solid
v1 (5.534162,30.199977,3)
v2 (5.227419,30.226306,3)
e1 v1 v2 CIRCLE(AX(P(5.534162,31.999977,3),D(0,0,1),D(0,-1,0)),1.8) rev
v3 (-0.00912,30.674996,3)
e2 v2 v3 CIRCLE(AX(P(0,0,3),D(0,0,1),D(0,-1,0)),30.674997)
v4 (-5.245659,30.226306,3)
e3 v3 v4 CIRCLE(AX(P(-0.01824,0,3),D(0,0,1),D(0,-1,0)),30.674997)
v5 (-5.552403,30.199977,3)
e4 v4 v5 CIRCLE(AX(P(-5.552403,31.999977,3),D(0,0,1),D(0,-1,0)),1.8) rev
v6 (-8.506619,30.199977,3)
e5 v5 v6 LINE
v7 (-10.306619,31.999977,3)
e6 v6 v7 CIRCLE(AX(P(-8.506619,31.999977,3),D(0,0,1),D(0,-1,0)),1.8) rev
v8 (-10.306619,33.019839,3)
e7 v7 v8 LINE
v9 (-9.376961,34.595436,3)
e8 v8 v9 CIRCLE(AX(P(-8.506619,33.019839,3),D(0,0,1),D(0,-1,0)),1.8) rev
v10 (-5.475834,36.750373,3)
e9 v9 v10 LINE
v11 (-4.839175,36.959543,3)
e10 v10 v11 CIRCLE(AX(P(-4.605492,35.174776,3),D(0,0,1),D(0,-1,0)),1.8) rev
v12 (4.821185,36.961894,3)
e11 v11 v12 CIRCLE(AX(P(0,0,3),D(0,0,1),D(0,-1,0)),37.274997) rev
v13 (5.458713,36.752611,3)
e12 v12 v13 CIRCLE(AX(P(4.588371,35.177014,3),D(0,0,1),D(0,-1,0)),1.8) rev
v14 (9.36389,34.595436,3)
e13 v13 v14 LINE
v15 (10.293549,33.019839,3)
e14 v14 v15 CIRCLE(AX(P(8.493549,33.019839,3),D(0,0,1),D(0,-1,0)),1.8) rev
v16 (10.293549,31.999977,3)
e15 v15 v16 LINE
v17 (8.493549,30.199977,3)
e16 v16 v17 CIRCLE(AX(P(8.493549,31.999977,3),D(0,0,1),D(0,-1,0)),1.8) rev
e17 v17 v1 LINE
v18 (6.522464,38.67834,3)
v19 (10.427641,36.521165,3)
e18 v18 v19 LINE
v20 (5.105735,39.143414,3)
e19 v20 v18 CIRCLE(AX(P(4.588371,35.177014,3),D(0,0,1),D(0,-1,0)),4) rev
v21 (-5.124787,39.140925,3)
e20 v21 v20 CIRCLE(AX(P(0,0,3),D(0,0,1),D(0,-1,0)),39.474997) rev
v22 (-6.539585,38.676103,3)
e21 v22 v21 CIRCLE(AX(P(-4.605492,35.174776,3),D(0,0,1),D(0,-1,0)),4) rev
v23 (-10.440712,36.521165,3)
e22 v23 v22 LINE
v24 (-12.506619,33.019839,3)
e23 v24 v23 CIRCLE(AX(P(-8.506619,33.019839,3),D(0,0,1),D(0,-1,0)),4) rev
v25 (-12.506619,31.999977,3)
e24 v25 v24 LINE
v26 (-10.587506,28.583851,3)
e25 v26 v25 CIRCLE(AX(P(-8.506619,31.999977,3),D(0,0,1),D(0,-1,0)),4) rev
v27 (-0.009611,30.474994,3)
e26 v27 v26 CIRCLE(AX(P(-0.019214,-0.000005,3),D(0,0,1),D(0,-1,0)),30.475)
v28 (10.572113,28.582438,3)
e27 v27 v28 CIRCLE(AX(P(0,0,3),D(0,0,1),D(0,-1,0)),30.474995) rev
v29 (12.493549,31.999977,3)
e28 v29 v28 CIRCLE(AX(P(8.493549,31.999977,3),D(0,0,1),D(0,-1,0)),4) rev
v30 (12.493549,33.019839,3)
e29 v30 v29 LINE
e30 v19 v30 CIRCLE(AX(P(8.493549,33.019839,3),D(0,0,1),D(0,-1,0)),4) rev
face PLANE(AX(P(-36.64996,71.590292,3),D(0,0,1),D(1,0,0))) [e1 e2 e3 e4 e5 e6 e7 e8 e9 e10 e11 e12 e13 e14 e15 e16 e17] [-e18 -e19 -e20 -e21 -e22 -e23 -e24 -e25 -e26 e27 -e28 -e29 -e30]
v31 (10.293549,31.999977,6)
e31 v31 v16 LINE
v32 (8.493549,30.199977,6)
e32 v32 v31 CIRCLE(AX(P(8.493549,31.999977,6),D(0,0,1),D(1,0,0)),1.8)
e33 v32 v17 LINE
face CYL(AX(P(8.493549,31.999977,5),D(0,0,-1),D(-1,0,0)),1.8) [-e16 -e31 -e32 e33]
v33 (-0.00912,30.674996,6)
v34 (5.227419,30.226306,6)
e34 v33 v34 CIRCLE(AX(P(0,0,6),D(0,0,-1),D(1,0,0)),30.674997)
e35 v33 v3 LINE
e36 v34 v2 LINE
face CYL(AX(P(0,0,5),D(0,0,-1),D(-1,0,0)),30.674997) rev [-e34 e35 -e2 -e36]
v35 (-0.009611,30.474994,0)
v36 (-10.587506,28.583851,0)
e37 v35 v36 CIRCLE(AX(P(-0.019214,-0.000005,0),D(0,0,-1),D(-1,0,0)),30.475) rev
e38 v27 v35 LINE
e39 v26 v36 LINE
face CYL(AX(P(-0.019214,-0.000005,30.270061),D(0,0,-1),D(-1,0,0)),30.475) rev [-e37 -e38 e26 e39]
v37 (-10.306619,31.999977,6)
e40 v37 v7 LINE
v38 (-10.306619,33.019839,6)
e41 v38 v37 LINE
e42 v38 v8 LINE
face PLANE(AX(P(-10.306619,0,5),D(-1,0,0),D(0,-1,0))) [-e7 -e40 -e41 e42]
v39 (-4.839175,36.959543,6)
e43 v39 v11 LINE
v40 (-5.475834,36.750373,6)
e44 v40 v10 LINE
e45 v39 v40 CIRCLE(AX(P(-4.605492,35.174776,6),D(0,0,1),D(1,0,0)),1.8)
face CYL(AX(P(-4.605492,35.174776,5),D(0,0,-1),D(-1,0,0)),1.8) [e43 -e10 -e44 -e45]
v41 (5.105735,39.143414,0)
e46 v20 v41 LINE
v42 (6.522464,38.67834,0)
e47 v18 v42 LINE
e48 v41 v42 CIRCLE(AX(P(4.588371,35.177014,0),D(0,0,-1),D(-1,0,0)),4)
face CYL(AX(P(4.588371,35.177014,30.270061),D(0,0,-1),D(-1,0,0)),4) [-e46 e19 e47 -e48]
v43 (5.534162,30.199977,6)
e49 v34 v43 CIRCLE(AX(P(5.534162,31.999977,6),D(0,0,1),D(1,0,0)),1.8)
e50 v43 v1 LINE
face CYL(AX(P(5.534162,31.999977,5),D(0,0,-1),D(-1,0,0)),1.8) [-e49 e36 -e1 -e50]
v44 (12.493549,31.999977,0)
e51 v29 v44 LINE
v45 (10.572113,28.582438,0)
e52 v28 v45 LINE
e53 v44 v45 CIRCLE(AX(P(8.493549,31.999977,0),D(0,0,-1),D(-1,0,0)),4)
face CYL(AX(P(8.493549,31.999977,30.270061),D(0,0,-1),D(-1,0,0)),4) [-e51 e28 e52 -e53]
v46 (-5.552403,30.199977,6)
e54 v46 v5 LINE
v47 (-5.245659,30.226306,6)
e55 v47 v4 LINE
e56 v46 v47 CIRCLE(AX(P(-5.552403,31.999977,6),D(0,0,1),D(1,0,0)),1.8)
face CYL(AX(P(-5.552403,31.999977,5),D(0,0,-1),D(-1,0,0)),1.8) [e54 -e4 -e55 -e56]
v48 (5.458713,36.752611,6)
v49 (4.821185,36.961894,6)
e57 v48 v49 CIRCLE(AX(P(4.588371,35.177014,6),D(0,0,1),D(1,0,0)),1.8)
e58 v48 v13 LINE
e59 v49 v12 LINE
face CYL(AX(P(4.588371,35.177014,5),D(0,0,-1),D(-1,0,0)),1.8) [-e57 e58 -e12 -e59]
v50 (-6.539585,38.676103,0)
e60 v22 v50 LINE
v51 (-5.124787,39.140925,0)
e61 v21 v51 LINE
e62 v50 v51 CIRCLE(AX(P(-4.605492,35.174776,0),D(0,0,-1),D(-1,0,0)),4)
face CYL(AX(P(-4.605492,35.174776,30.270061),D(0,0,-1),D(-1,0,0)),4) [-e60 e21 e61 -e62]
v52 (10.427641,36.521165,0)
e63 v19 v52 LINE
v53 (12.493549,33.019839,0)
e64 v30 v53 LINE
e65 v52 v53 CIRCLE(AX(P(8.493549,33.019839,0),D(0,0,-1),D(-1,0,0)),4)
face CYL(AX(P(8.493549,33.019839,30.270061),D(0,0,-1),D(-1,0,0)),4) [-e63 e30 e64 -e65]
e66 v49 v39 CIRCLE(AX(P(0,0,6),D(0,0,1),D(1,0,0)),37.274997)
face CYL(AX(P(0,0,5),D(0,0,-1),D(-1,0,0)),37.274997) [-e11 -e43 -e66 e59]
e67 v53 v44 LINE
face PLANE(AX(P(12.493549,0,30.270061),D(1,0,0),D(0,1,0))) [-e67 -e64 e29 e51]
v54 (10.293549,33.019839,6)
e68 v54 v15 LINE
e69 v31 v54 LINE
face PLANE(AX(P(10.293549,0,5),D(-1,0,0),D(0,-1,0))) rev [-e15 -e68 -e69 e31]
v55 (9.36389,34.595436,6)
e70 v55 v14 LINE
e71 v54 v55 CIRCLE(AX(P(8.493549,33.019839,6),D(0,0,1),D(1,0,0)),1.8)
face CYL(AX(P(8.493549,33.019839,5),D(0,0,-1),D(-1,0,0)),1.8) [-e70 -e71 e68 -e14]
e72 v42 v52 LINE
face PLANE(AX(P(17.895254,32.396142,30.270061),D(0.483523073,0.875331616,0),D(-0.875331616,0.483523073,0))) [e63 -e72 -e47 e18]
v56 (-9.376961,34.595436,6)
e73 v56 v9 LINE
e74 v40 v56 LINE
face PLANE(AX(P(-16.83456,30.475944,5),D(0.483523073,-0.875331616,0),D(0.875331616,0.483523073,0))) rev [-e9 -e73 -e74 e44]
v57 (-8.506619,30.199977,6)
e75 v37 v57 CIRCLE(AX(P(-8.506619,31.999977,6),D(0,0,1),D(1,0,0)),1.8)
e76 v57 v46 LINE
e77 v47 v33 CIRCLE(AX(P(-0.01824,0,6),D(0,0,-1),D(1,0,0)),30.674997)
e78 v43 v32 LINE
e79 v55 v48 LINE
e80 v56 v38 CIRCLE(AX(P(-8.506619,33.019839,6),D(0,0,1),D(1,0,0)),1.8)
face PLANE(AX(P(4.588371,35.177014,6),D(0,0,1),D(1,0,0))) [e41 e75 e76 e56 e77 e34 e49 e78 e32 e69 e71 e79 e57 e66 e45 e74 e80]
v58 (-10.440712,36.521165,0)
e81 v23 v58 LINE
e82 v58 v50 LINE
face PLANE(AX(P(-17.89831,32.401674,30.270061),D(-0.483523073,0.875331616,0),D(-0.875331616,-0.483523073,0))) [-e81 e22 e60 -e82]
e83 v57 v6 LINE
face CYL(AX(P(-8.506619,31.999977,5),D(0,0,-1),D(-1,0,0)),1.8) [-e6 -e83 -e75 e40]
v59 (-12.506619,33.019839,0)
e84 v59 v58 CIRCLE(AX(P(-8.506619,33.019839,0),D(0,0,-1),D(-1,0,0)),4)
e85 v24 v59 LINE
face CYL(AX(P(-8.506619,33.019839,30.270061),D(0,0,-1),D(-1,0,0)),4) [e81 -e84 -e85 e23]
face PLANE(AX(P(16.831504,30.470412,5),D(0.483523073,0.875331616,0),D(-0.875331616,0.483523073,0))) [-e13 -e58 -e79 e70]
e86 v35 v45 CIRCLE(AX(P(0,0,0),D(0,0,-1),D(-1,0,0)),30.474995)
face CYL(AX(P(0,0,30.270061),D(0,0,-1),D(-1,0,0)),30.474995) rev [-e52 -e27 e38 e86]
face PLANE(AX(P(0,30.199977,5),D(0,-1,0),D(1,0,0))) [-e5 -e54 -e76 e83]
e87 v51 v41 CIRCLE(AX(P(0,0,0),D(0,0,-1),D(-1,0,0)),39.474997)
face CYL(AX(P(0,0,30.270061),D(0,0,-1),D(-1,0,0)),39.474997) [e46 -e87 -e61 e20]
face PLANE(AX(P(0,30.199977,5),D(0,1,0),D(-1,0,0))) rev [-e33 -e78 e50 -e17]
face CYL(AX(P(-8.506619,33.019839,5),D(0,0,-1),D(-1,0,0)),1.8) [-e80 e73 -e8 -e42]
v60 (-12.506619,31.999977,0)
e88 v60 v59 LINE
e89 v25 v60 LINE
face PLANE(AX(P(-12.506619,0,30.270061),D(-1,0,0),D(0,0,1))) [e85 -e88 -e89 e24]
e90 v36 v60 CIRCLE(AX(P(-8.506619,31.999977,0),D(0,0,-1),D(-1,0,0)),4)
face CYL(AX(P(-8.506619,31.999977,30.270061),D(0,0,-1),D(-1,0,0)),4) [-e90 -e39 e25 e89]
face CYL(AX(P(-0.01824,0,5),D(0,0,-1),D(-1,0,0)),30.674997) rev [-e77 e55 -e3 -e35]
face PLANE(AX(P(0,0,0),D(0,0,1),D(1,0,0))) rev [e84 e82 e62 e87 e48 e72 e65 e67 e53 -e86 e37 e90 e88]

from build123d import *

# Parameters (mm, degrees)
BOSS_EXTRUDE1_DEPTH = 5
BOSS_EXTRUDE2_DEPTH = 3
BOSS_EXTRUDE3_DEPTH = 1


with BuildPart() as part:
    # Sketch1 → Boss-Extrude1 (new body)
    with BuildSketch(Plane.XY):
        with BuildLine():
            Line((-5.475833864, 36.750373078), (-9.376960794, 34.595435627))
            ThreePointArc((-9.376960794, 34.595435627), (-10.056879686, 33.934547755), (-10.306619263, 33.019838718))
            Line((-10.306619263, 33.019838718), (-10.306619263, 31.999976553))
            ThreePointArc((-10.306619263, 31.999976553), (-9.779411469, 30.727184347), (-8.506619263, 30.199976553))
            Line((-8.506619263, 30.199976553), (-5.552402581, 30.199976553))
            ThreePointArc((-5.552402581, 30.199976553), (-5.398466912, 30.206570907), (-5.245659139, 30.226305653))
            ThreePointArc((-5.245659139, 30.226305653), (-2.637016879, 30.563008221), (-0.009120041, 30.674996011))
            ThreePointArc((-0.009120041, 30.674996011), (2.618776796, 30.563008221), (5.227419056, 30.226305653))
            ThreePointArc((5.227419056, 30.226305653), (5.380226829, 30.206570907), (5.534162498, 30.199976553))
            Line((5.534162498, 30.199976553), (8.493548715, 30.199976553))
            ThreePointArc((8.493548715, 30.199976553), (9.766340921, 30.727184347), (10.293548715, 31.999976553))
            Line((10.293548715, 31.999976553), (10.293548715, 33.019838718))
            ThreePointArc((10.293548715, 33.019838718), (10.043809137, 33.934547755), (9.363890246, 34.595435627))
            Line((9.363890246, 34.595435627), (5.458712815, 36.752610527))
            ThreePointArc((5.458712815, 36.752610527), (5.14978717, 36.887221852), (4.821185066, 36.961893934))
            ThreePointArc((4.821185066, 36.961893934), (-0.009071369, 37.274996263), (-4.839174836, 36.959542957))
            ThreePointArc((-4.839174836, 36.959542957), (-5.167324404, 36.884847724), (-5.475833864, 36.750373078))
        make_face()
    extrude(amount=BOSS_EXTRUDE1_DEPTH)

    # Sketch2 → Boss-Extrude2 (add)
    with BuildSketch(Plane(origin=(0, 0, 0), x_dir=(-1, 0, 0), z_dir=(0, 0, -1))):
        with BuildLine():
            ThreePointArc((10.587505912, 28.583851445), (11.993992673, 30.040837277), (12.506619263, 31.999976553))
            Line((12.506619263, 31.999976553), (12.506619263, 33.019838718))
            ThreePointArc((12.506619263, 33.019838718), (11.951642425, 35.052525467), (10.440711554, 36.521165182))
            Line((10.440711554, 36.521165182), (6.539584624, 38.676102633))
            ThreePointArc((6.539584624, 38.676102633), (5.854008048, 38.97493518), (5.124786785, 39.140924586))
            ThreePointArc((5.124786785, 39.140924586), (0.009606768, 39.474996197), (-5.105735244, 39.143414321))
            ThreePointArc((-5.105735244, 39.143414321), (-5.835962142, 38.97747636), (-6.522463575, 38.678340082))
            Line((-6.522463575, 38.678340082), (-10.427641006, 36.521165182))
            ThreePointArc((-10.427641006, 36.521165182), (-11.938571876, 35.052525467), (-12.493548715, 33.019838718))
            Line((-12.493548715, 33.019838718), (-12.493548715, 31.999976553))
            ThreePointArc((-12.493548715, 31.999976553), (-11.980256235, 30.039652429), (-10.57211338, 28.582438121))
            ThreePointArc((-10.57211338, 28.582438121), (-5.36535689, 29.998971577), (0.009611281, 30.474993977))
            ThreePointArc((0.009611281, 30.474993977), (5.382569695, 29.999329411), (10.587505912, 28.583851445))
        make_face()
        with BuildLine():
            ThreePointArc((-5.227419056, 30.226305653), (-5.380226829, 30.206570907), (-5.534162498, 30.199976553))
            Line((-5.534162498, 30.199976553), (-8.493548715, 30.199976553))
            ThreePointArc((-8.493548715, 30.199976553), (-9.766340921, 30.727184347), (-10.293548715, 31.999976553))
            Line((-10.293548715, 31.999976553), (-10.293548715, 33.019838718))
            ThreePointArc((-10.293548715, 33.019838718), (-10.043809137, 33.934547755), (-9.363890246, 34.595435627))
            Line((-9.363890246, 34.595435627), (-5.458712815, 36.752610527))
            ThreePointArc((-5.458712815, 36.752610527), (-5.14978717, 36.887221852), (-4.821185066, 36.961893934))
            ThreePointArc((-4.821185066, 36.961893934), (0.009071369, 37.274996263), (4.839174836, 36.959542957))
            ThreePointArc((4.839174836, 36.959542957), (5.167324404, 36.884847724), (5.475833864, 36.750373078))
            Line((5.475833864, 36.750373078), (9.376960794, 34.595435627))
            ThreePointArc((9.376960794, 34.595435627), (10.056879686, 33.934547755), (10.306619263, 33.019838718))
            Line((10.306619263, 33.019838718), (10.306619263, 31.999976553))
            ThreePointArc((10.306619263, 31.999976553), (9.779411469, 30.727184347), (8.506619263, 30.199976553))
            Line((8.506619263, 30.199976553), (5.552402581, 30.199976553))
            ThreePointArc((5.552402581, 30.199976553), (5.398466912, 30.206570907), (5.245659139, 30.226305653))
            ThreePointArc((5.245659139, 30.226305653), (2.637016879, 30.563008221), (0.009120041, 30.674996011))
            ThreePointArc((0.009120041, 30.674996011), (-2.618776796, 30.563008221), (-5.227419056, 30.226305653))
        make_face(mode=Mode.SUBTRACT)
    extrude(amount=-BOSS_EXTRUDE2_DEPTH)

    # Sketch6 → Boss-Extrude3 (add)
    with BuildSketch(Plane.XY.offset(5)):
        with BuildLine():
            Line((-5.475833864, 36.750373078), (-9.376960794, 34.595435627))
            ThreePointArc((-9.376960794, 34.595435627), (-10.056879686, 33.934547755), (-10.306619263, 33.019838718))
            Line((-10.306619263, 33.019838718), (-10.306619263, 31.999976553))
            ThreePointArc((-10.306619263, 31.999976553), (-9.779411469, 30.727184347), (-8.506619263, 30.199976553))
            Line((-8.506619263, 30.199976553), (-5.552402581, 30.199976553))
            ThreePointArc((-5.552402581, 30.199976553), (-5.398466912, 30.206570907), (-5.245659139, 30.226305653))
            ThreePointArc((-5.245659139, 30.226305653), (-2.637016879, 30.563008221), (-0.009120041, 30.674996011))
            ThreePointArc((-0.009120041, 30.674996011), (2.618776796, 30.563008221), (5.227419056, 30.226305653))
            ThreePointArc((5.227419056, 30.226305653), (5.380226829, 30.206570907), (5.534162498, 30.199976553))
            Line((5.534162498, 30.199976553), (8.493548715, 30.199976553))
            ThreePointArc((8.493548715, 30.199976553), (9.766340921, 30.727184347), (10.293548715, 31.999976553))
            Line((10.293548715, 31.999976553), (10.293548715, 33.019838718))
            ThreePointArc((10.293548715, 33.019838718), (10.043809137, 33.934547755), (9.363890246, 34.595435627))
            Line((9.363890246, 34.595435627), (5.458712815, 36.752610527))
            ThreePointArc((5.458712815, 36.752610527), (5.14978717, 36.887221852), (4.821185066, 36.961893934))
            ThreePointArc((4.821185066, 36.961893934), (-0.009071369, 37.274996263), (-4.839174836, 36.959542957))
            ThreePointArc((-4.839174836, 36.959542957), (-5.167324404, 36.884847724), (-5.475833864, 36.750373078))
        make_face()
    extrude(amount=BOSS_EXTRUDE3_DEPTH)


solid = part.part
